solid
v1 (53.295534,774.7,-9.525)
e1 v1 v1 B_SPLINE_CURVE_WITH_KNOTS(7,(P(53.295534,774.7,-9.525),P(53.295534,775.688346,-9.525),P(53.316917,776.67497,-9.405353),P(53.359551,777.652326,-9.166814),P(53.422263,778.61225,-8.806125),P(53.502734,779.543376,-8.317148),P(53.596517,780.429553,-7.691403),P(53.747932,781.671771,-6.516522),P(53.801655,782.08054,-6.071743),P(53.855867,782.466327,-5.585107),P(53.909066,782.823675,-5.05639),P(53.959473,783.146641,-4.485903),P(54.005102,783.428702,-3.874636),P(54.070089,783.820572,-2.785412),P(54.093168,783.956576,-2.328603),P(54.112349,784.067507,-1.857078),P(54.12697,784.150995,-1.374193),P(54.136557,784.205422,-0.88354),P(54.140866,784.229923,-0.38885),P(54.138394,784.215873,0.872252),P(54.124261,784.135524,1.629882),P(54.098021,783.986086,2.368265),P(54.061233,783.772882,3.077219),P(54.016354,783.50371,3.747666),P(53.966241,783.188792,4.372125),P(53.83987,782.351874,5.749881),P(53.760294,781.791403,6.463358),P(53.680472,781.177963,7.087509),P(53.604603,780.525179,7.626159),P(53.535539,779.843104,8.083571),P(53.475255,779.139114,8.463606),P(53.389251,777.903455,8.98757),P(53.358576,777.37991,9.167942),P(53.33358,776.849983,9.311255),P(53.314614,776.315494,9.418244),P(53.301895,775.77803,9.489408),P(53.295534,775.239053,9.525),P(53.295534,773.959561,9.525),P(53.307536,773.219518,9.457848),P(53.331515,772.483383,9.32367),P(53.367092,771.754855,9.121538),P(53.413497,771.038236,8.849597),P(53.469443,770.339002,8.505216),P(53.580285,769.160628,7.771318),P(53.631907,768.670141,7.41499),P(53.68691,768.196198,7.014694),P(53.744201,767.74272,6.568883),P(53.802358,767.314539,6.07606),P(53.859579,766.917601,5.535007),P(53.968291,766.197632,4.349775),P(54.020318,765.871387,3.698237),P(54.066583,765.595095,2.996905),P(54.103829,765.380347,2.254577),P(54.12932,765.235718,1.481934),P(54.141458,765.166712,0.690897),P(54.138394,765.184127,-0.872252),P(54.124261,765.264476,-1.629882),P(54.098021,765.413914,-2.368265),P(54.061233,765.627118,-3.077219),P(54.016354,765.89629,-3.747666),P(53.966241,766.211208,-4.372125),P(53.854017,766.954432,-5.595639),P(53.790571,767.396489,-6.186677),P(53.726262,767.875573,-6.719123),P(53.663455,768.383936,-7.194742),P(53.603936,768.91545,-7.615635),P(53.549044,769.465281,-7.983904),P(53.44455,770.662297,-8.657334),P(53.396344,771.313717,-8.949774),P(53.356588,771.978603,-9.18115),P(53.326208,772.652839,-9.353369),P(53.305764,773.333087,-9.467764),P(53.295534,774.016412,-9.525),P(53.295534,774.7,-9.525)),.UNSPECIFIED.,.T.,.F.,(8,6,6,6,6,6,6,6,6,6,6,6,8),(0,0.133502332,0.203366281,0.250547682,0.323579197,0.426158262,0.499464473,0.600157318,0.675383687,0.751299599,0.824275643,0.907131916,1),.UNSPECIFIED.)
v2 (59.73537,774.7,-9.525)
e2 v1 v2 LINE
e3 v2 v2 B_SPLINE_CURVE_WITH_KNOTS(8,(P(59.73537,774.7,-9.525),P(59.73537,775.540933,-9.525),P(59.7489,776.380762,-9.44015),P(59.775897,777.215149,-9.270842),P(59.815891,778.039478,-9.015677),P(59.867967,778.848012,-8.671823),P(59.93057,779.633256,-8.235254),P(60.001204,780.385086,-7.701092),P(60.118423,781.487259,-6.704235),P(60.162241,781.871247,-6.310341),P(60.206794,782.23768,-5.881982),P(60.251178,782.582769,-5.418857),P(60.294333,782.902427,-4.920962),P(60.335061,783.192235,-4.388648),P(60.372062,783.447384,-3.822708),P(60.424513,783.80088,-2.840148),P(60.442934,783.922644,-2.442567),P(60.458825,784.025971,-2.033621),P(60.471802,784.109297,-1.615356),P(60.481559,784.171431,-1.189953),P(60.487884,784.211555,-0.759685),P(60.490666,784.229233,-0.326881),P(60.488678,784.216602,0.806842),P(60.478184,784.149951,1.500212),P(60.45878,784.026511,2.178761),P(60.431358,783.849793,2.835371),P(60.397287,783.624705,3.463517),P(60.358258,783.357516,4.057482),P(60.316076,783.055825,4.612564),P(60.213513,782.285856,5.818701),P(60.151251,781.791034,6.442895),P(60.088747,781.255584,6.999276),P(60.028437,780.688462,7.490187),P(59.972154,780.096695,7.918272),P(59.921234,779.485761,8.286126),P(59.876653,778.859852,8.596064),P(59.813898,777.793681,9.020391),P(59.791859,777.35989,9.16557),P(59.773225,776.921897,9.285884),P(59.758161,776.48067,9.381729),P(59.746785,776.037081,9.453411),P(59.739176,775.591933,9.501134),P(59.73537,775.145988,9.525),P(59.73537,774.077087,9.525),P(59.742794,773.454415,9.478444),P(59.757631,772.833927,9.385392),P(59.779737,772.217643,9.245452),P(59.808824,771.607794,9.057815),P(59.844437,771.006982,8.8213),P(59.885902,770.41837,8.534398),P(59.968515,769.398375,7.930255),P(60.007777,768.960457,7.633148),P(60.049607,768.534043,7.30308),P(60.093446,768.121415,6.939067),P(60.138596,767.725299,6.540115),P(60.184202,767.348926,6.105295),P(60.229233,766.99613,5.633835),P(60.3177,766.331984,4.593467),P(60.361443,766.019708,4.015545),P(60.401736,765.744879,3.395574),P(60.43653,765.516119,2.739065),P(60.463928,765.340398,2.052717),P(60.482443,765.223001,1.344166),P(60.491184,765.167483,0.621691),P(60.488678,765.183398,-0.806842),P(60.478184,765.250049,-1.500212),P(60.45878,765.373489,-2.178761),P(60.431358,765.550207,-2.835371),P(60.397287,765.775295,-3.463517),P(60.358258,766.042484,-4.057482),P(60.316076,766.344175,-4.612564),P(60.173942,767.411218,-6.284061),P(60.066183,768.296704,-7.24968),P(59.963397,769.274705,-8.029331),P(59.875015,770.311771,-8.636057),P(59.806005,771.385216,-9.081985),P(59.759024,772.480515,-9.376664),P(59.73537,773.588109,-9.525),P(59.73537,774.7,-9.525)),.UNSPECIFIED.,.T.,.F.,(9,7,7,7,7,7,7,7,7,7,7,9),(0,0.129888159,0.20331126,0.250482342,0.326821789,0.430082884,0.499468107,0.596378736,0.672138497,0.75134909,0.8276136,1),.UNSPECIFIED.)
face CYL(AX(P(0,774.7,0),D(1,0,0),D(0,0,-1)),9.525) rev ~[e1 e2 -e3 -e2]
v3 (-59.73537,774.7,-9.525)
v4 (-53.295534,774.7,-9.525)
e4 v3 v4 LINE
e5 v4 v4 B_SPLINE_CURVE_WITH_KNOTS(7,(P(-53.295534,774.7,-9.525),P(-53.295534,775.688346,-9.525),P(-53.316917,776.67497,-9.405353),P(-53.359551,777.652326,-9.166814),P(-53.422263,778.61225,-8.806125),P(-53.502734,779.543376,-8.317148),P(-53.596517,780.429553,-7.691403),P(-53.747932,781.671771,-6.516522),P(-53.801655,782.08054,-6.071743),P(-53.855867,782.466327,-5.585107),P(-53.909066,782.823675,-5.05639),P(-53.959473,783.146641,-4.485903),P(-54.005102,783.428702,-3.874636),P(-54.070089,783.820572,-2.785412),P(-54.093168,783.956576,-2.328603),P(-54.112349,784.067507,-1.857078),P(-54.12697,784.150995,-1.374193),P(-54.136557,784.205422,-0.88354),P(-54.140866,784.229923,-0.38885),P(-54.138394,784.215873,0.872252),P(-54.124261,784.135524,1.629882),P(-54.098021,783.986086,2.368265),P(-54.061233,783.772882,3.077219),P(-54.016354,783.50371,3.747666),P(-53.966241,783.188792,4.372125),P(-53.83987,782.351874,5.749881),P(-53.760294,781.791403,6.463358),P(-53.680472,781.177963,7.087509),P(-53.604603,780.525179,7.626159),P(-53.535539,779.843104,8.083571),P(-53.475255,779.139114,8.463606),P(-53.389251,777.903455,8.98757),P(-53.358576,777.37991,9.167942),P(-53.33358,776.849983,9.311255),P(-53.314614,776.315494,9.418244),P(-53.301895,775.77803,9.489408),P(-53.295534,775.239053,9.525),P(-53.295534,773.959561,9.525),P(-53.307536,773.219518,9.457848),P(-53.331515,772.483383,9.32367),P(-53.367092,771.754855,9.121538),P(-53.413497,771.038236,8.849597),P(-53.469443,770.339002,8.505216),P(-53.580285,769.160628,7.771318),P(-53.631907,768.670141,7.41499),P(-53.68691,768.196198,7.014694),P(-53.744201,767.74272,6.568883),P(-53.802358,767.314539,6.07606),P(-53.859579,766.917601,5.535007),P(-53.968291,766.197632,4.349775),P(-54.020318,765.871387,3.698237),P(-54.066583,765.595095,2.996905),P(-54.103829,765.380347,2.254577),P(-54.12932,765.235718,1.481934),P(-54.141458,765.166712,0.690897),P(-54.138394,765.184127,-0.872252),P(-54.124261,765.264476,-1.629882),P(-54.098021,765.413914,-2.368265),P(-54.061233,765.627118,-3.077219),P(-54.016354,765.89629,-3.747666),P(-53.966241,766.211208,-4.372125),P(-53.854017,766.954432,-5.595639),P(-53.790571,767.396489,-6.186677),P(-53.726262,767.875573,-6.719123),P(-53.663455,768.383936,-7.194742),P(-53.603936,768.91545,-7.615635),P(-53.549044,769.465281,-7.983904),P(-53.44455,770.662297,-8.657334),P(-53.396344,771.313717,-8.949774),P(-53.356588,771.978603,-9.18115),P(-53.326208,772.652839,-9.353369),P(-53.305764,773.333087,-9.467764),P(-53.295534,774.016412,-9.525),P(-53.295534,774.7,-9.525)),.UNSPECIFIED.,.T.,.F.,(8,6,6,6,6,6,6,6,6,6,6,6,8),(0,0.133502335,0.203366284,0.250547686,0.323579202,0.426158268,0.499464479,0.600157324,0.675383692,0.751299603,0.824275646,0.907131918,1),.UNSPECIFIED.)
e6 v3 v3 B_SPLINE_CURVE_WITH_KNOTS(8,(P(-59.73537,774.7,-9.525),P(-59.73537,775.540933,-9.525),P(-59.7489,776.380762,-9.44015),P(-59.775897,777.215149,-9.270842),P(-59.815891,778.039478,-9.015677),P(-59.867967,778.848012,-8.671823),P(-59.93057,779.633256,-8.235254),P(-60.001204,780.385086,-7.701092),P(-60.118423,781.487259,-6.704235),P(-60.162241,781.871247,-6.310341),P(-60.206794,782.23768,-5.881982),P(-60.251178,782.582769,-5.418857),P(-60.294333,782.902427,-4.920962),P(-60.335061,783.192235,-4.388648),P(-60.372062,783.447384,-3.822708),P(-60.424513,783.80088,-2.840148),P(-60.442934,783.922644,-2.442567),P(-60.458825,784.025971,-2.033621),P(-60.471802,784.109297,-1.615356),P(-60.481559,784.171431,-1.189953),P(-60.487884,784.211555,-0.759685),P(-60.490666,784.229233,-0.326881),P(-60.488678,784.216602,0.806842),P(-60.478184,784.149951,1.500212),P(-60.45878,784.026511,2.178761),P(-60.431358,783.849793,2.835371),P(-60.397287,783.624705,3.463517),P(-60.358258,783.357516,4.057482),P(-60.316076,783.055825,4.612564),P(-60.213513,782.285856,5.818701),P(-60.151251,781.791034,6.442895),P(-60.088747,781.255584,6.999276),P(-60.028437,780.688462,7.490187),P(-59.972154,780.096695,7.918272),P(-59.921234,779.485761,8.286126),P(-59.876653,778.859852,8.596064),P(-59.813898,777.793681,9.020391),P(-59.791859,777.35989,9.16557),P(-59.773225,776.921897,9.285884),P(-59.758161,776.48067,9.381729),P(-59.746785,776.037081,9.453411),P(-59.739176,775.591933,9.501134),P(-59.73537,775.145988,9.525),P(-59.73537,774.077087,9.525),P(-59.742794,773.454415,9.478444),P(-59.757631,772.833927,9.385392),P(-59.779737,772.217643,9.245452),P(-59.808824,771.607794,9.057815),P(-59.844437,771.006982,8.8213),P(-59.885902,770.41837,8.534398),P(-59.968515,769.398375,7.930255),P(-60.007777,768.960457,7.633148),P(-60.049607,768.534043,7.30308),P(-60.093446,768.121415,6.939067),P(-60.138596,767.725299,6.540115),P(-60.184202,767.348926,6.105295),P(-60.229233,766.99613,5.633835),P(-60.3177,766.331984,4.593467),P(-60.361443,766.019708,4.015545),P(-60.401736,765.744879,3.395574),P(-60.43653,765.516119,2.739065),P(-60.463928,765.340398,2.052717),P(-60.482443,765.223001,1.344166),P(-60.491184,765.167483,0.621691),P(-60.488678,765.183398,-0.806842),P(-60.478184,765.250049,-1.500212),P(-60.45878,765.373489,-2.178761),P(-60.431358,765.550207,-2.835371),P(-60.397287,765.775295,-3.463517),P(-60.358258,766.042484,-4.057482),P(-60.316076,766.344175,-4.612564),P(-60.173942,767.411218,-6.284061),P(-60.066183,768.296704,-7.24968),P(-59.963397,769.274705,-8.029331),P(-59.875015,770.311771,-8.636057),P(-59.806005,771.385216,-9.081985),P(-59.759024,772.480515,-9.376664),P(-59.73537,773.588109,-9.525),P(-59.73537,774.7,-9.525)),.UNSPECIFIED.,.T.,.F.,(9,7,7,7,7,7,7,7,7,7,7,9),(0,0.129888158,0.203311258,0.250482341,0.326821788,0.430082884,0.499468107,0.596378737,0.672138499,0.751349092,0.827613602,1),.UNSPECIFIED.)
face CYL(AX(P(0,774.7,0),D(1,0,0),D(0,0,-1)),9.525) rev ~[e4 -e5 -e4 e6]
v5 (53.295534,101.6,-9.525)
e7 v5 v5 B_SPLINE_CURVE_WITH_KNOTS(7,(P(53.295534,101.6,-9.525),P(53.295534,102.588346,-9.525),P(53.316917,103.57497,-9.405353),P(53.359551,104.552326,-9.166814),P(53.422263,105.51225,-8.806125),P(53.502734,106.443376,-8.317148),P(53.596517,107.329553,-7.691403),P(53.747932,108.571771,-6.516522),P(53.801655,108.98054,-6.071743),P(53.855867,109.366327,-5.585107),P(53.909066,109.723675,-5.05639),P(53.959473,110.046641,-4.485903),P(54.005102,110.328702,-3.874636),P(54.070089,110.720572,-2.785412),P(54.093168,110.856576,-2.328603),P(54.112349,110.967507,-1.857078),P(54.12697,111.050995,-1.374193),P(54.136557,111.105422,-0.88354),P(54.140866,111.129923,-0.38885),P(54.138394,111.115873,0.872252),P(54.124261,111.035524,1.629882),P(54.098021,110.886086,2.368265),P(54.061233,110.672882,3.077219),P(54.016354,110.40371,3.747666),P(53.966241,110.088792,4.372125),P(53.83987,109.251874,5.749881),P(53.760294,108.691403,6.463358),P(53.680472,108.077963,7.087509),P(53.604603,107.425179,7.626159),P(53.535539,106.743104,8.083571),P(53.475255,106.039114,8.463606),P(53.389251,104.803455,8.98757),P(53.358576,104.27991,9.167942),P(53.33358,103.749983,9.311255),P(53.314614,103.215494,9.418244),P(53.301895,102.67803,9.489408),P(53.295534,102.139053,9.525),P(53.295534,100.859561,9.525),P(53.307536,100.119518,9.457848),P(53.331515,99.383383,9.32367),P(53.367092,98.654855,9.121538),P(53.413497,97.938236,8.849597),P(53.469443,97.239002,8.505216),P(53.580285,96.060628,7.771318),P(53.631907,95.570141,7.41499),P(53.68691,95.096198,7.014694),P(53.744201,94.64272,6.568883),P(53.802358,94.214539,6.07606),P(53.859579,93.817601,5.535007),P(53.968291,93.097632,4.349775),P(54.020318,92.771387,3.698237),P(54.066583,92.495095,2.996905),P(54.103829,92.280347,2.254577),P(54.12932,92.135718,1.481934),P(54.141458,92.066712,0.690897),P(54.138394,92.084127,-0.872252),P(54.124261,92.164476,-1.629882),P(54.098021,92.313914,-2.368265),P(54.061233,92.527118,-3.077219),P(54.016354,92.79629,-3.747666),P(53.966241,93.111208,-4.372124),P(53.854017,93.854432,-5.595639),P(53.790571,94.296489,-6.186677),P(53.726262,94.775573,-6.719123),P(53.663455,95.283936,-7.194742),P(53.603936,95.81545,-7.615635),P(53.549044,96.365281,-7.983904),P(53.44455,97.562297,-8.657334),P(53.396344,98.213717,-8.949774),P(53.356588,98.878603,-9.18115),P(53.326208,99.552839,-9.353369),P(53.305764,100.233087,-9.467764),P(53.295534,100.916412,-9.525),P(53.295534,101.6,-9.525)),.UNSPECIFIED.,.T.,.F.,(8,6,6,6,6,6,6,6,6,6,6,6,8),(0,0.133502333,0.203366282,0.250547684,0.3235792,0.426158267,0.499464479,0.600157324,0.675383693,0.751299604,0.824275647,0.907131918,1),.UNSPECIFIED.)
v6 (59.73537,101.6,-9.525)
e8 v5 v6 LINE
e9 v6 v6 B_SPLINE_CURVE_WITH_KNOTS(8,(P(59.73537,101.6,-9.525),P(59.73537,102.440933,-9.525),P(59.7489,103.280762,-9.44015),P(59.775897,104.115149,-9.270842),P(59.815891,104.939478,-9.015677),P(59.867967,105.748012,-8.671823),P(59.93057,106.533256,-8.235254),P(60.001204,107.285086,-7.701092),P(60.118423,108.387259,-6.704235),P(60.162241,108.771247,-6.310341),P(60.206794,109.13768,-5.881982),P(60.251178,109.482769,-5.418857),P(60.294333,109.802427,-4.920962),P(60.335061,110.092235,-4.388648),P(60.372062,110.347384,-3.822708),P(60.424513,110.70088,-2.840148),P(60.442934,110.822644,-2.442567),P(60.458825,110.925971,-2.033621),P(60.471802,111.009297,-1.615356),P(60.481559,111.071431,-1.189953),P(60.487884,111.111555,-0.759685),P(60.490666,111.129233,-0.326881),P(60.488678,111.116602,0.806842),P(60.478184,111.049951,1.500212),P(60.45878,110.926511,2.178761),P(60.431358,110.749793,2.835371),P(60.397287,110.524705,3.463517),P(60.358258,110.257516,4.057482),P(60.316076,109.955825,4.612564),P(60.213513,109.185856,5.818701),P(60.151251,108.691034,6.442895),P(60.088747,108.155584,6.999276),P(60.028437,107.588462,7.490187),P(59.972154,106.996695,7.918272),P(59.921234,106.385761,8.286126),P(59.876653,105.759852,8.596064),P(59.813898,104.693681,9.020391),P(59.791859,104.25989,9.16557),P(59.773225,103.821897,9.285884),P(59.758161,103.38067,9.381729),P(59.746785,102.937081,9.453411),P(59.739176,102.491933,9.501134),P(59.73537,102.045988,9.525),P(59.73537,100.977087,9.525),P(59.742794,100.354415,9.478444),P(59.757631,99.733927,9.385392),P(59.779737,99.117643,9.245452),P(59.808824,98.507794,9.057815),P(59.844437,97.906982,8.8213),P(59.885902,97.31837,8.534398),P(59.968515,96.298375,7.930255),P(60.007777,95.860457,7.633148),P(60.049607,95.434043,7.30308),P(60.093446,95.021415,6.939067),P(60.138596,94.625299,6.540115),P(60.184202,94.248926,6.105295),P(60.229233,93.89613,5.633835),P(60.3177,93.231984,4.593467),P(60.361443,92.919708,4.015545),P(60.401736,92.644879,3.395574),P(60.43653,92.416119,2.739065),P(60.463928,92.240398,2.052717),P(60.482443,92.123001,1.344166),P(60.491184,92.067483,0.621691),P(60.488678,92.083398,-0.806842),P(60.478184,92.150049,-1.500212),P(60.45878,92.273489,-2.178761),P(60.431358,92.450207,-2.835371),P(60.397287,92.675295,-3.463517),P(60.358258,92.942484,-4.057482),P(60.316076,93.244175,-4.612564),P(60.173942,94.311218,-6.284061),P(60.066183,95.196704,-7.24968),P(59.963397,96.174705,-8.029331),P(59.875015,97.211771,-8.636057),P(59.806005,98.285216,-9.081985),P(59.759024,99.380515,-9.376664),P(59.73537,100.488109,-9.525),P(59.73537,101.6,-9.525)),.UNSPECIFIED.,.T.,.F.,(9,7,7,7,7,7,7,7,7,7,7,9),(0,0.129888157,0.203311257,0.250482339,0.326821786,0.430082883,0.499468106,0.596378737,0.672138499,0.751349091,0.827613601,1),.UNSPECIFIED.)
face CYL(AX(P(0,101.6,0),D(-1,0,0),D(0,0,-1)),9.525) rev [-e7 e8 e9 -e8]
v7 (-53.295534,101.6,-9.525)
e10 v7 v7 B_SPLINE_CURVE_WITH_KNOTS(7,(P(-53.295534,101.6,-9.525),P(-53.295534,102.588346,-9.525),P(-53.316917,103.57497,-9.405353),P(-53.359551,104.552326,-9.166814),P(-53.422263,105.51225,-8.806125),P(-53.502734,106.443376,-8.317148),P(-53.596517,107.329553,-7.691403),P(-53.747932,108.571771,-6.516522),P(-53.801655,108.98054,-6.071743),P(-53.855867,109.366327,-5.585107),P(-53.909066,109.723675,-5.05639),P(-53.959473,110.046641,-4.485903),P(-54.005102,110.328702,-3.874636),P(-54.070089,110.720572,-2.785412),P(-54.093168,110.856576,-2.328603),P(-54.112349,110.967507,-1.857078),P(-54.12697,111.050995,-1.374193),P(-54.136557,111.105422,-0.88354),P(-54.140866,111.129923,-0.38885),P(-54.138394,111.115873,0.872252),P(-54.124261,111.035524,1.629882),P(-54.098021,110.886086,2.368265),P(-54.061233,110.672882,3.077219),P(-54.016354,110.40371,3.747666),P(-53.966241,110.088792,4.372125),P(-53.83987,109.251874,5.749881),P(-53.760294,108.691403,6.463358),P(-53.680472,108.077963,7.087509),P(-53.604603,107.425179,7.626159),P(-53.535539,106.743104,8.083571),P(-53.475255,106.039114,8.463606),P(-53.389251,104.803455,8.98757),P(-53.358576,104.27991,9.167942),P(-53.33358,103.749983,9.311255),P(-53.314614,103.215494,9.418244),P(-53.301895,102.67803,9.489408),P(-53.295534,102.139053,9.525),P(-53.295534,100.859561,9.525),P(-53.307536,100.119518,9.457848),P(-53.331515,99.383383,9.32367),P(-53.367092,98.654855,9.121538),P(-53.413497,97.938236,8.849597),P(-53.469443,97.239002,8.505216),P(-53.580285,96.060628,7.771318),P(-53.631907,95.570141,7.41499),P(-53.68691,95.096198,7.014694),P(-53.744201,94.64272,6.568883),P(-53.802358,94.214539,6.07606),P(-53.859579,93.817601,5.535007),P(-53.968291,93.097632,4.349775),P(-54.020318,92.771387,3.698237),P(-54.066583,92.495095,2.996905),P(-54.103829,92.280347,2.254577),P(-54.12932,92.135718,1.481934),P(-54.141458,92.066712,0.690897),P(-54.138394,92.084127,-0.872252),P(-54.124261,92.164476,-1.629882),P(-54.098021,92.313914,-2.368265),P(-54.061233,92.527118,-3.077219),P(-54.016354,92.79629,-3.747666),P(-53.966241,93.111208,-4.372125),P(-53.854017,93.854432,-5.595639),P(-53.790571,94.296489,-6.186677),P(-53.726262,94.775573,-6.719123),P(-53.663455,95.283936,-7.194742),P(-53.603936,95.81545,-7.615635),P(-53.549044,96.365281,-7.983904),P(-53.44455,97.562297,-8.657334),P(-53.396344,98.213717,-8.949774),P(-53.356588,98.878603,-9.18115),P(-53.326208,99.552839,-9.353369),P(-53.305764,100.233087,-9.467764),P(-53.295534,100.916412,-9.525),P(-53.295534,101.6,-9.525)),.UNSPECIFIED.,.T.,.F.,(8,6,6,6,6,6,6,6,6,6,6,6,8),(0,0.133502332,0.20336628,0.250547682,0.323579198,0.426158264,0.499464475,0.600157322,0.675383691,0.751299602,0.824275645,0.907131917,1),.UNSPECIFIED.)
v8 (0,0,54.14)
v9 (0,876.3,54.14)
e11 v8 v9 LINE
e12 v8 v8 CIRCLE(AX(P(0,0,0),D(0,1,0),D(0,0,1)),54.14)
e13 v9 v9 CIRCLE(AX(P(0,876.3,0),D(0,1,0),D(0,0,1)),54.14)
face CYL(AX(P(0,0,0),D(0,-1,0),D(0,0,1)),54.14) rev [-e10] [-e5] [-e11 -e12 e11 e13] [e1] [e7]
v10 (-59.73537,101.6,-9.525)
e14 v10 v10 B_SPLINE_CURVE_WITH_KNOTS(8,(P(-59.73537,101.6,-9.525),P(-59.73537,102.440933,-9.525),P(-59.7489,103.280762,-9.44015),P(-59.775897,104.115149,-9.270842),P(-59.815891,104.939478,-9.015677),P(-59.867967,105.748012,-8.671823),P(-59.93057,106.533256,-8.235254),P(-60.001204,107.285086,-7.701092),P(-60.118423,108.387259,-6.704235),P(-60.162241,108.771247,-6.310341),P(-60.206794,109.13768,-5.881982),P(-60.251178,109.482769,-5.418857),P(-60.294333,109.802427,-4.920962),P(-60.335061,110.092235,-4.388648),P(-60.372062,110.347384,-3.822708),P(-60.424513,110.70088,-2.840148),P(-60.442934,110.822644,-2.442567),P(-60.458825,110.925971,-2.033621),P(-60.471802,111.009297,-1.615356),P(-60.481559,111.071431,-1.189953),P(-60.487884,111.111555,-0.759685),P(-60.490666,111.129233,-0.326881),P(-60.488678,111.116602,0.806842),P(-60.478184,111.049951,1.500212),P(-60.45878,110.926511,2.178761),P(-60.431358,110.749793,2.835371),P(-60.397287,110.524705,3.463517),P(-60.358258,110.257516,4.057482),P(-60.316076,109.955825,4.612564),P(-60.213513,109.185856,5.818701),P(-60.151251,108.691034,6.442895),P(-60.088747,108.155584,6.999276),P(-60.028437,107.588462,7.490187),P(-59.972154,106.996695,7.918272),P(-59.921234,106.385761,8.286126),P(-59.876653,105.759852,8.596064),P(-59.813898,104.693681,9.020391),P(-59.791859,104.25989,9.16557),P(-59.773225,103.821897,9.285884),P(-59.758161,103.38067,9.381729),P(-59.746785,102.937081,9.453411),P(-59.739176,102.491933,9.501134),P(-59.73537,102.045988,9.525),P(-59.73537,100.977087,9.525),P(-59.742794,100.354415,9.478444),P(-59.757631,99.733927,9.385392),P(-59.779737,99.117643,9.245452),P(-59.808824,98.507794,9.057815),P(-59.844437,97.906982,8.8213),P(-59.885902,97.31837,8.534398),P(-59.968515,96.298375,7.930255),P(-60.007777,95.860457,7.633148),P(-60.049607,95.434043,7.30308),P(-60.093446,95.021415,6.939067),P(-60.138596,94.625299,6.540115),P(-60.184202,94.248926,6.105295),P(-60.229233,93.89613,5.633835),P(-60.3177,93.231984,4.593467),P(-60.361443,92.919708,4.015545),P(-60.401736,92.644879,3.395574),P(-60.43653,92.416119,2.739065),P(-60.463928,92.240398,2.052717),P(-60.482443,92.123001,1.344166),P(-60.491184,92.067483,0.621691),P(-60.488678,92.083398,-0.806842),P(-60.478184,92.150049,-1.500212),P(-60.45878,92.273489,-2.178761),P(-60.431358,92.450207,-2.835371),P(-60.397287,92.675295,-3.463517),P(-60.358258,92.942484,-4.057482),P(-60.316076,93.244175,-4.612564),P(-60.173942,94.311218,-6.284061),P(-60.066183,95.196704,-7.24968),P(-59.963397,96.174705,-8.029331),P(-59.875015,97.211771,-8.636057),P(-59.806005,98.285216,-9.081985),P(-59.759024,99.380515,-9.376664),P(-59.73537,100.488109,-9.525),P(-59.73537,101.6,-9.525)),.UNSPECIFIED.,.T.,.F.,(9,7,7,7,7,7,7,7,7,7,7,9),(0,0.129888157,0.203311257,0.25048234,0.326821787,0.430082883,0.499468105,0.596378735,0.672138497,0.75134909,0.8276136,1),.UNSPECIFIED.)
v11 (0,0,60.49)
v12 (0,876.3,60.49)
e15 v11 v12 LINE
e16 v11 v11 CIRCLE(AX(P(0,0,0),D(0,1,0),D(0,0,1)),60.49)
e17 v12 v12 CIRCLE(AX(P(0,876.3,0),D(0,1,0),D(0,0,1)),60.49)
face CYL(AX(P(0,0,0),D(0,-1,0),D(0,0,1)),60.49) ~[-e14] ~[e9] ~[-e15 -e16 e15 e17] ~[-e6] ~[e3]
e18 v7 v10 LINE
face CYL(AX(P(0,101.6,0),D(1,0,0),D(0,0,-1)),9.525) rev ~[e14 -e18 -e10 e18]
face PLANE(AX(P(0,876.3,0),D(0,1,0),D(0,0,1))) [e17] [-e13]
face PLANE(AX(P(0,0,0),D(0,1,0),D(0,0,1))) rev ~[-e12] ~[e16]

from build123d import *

# Parameters (mm, degrees)
SKETCH2_R           = 60.49
SKETCH2_R_2         = 54.14
BOSS_EXTRUDE1_DEPTH = 876.3
SKETCH3_R           = 9.525
CUT_EXTRUDE1_DEPTH  = 438.15


with BuildPart() as part:
    # Sketch2 → Boss-Extrude1 (new body)
    with BuildSketch(Plane(origin=(0, 0, 0), x_dir=(1, 0, 0), z_dir=(0, 1, 0))):
        with Locations(Location((0, 0, 0), (0, 0, 270))):
            Circle(SKETCH2_R)
        with Locations(Location((0, 0, 0), (0, 0, 270))):
            Circle(SKETCH2_R_2, mode=Mode.SUBTRACT)
    extrude(amount=BOSS_EXTRUDE1_DEPTH)

    # Sketch3 → Cut-Extrude1 (cut, symmetric)
    with BuildSketch(Plane(origin=(0, 0, 0), x_dir=(0, 0, -1), z_dir=(1, 0, 0))):
        with Locations((0, 101.6)):
            Circle(SKETCH3_R)
        with Locations((0, 774.7)):
            Circle(SKETCH3_R)
    extrude(amount=CUT_EXTRUDE1_DEPTH, both=True, mode=Mode.SUBTRACT)


solid = part.part
